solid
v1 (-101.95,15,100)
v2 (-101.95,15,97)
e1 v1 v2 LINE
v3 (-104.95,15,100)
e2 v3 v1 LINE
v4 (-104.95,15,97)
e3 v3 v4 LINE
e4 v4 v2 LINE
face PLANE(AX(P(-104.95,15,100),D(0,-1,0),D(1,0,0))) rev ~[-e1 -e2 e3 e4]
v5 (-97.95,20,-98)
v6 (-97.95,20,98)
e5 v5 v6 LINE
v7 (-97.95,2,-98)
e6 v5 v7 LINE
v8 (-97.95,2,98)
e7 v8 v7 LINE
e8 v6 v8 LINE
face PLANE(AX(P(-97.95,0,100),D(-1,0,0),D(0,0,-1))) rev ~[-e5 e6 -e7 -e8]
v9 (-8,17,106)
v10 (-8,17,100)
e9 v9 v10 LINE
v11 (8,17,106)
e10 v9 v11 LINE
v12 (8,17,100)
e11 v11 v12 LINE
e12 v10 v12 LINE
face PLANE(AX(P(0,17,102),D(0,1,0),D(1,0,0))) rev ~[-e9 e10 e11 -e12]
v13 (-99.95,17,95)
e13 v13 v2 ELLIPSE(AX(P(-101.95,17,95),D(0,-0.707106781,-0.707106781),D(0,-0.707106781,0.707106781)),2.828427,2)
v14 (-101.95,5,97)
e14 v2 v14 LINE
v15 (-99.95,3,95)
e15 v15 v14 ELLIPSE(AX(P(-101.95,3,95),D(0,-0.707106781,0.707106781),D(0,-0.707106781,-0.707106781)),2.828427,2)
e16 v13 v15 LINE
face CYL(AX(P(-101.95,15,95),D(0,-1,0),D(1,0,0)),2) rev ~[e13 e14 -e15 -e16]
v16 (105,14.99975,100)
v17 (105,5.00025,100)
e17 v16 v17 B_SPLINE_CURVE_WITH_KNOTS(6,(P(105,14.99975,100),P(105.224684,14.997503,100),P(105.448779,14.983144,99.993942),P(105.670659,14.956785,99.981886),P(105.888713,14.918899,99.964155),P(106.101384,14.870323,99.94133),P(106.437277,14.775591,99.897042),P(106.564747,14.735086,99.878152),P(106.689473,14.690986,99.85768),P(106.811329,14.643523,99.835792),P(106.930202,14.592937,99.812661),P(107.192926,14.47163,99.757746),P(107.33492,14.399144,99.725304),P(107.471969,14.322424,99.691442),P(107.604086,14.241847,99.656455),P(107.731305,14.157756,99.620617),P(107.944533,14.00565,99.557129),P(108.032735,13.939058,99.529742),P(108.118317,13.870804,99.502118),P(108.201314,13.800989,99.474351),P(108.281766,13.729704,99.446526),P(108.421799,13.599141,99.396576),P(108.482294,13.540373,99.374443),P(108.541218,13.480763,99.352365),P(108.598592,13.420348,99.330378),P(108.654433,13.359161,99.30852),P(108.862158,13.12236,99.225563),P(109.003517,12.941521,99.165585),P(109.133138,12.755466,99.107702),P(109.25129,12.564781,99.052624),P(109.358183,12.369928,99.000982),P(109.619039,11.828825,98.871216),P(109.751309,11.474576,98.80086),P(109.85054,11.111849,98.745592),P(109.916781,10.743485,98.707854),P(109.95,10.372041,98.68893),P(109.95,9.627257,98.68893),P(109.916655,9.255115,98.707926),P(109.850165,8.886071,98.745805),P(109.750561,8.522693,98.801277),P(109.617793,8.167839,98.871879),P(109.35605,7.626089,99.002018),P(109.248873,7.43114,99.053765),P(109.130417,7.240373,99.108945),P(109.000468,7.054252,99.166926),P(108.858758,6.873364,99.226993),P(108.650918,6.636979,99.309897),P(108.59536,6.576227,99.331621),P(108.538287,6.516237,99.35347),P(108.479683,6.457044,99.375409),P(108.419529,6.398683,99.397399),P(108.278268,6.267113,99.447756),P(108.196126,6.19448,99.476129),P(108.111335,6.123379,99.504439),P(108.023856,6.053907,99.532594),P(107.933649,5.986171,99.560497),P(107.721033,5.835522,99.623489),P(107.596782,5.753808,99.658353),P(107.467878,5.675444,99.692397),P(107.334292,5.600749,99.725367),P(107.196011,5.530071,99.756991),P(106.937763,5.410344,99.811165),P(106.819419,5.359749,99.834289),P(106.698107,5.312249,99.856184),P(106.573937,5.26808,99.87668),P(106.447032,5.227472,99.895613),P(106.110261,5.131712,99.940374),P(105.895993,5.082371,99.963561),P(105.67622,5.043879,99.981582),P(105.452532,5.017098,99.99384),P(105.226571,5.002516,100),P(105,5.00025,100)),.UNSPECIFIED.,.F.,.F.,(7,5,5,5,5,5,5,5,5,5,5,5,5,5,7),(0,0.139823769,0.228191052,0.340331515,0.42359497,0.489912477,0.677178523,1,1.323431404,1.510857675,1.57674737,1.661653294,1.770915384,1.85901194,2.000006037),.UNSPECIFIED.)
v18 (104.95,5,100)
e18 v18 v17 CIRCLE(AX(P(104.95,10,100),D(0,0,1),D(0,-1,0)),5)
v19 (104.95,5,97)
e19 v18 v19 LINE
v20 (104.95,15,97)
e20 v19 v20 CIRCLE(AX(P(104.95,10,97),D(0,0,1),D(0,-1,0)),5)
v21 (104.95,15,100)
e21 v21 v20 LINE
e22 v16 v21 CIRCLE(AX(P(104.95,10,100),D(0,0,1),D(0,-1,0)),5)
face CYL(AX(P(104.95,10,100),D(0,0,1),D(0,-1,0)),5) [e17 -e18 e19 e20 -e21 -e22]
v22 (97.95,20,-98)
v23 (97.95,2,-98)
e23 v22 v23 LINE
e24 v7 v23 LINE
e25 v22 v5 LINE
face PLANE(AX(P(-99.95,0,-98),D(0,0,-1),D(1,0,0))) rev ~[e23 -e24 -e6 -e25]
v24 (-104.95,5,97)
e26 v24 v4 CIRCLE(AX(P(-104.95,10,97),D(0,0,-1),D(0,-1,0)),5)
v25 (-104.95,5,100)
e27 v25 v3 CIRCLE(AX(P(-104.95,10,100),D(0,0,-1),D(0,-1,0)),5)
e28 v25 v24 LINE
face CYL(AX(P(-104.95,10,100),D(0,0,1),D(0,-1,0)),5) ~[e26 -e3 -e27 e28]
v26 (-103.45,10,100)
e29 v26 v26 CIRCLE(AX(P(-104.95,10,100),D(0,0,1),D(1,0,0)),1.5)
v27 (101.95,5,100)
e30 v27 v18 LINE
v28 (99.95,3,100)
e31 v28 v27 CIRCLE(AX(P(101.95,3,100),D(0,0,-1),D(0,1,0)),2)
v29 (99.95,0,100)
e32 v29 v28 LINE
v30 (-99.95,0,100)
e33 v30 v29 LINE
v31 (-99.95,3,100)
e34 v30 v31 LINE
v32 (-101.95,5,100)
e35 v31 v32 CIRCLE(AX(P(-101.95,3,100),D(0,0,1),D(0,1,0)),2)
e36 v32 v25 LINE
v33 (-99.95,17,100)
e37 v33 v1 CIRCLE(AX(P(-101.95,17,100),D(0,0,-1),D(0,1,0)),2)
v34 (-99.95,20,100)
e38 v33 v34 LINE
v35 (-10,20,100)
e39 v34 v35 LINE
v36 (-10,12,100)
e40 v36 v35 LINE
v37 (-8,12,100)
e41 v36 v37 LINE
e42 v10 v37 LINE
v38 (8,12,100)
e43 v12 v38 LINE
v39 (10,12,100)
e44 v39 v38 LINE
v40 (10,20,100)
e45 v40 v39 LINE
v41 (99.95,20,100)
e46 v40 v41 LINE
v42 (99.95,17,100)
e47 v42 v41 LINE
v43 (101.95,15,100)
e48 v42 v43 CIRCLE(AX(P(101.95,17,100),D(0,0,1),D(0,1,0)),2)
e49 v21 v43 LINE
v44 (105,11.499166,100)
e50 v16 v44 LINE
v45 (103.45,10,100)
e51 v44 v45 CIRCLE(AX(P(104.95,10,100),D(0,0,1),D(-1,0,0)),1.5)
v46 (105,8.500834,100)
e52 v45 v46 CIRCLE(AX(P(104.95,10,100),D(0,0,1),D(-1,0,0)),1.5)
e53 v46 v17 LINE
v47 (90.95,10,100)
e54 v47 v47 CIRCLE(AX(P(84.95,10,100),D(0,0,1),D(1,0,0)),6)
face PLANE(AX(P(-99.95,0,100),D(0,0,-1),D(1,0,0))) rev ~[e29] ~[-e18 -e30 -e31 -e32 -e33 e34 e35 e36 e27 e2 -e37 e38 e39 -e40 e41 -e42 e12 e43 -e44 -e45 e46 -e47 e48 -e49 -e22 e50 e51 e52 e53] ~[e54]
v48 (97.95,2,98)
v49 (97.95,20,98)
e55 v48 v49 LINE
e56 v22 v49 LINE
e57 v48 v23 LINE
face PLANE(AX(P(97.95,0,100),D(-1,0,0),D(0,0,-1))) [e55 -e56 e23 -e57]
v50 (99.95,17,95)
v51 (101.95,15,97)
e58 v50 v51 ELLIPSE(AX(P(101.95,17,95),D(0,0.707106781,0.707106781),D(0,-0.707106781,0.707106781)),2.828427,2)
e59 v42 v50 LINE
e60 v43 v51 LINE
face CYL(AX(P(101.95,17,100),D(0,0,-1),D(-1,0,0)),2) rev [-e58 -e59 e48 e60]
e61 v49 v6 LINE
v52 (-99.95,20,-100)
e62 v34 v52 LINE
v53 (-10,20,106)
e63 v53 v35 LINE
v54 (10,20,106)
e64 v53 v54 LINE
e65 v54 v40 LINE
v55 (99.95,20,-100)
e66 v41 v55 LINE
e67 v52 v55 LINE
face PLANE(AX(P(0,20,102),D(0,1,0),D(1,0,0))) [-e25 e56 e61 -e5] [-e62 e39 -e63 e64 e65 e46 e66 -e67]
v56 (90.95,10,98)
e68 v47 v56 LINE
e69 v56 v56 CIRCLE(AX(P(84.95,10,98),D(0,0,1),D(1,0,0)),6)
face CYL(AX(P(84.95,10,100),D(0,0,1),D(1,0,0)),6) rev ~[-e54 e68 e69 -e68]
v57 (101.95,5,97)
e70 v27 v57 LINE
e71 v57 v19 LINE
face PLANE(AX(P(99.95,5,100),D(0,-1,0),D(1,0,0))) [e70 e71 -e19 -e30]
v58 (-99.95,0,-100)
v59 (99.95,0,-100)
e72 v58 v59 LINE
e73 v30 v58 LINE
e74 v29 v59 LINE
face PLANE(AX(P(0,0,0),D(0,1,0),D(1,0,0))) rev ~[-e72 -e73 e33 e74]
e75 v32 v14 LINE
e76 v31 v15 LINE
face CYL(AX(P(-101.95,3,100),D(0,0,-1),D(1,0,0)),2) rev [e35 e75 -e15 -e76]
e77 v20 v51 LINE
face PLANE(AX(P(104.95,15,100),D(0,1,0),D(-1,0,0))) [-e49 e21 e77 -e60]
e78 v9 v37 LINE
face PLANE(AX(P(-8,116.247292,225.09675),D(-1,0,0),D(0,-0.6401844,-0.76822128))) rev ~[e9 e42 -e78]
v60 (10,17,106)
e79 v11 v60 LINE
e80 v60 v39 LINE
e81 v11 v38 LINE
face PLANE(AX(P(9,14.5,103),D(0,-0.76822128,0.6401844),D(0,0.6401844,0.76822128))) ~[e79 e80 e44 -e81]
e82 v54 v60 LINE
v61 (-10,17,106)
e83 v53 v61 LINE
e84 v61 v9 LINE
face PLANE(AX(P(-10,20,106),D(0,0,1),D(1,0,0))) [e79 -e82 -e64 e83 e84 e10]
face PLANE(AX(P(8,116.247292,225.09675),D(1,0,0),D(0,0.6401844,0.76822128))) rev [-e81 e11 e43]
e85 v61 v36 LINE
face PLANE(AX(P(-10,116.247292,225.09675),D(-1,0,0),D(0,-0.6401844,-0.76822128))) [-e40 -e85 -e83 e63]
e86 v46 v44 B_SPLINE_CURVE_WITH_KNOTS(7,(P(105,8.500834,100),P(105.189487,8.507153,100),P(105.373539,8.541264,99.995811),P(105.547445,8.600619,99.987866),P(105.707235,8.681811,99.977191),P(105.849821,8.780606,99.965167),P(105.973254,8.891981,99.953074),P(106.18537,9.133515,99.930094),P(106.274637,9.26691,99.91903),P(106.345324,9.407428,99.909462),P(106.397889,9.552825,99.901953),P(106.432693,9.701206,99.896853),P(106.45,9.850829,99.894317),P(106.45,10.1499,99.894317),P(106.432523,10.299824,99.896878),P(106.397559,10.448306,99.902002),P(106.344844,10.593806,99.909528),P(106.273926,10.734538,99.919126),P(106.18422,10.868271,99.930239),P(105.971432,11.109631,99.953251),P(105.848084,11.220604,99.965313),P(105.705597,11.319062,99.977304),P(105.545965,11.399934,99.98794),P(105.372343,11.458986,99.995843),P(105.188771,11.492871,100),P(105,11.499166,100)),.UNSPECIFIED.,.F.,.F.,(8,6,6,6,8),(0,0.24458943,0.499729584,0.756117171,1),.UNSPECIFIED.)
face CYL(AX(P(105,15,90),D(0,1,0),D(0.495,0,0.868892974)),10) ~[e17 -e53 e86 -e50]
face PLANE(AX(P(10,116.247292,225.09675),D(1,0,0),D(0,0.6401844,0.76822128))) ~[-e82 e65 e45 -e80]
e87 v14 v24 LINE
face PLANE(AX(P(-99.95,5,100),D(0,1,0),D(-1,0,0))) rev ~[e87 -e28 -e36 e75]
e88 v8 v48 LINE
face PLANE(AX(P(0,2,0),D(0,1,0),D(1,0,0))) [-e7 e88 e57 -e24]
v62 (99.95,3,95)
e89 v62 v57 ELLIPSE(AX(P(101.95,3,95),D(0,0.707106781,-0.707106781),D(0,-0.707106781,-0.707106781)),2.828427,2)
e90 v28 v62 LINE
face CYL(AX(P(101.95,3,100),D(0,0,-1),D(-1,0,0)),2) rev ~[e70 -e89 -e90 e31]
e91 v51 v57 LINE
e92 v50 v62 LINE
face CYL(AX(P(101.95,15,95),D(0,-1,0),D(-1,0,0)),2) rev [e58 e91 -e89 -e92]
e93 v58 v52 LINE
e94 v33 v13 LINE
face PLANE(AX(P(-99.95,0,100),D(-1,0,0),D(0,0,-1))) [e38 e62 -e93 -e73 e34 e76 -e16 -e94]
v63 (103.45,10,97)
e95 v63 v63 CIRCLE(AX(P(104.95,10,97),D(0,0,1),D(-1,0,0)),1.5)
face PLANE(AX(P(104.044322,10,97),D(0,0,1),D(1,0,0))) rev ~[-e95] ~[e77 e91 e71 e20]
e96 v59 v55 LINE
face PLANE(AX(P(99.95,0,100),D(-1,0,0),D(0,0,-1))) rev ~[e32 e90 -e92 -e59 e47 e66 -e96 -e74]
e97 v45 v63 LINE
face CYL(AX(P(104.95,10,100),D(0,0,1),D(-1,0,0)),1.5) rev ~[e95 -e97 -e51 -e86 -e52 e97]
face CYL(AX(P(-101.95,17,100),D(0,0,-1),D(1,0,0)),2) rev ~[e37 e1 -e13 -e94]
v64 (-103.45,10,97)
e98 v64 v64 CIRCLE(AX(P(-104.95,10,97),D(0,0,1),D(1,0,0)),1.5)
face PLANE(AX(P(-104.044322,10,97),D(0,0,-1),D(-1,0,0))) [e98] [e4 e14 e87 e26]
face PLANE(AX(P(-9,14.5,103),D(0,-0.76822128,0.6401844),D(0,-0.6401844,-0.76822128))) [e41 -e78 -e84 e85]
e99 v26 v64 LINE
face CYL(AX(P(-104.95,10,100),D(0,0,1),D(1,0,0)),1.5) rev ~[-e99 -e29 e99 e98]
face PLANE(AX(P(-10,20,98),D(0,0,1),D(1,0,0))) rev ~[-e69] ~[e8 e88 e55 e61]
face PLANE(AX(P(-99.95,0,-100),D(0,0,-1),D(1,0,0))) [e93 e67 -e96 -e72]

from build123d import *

# Parameters (mm, degrees)
SKETCH1_W           = 199.9
SKETCH1_H           = 200
BOSS_EXTRUDE1_DEPTH = 20
SHELL1_T            = -2
SKETCH2_R           = 6
CUT_EXTRUDE1_DEPTH  = 20
SKETCH3_W           = 20
SKETCH3_H           = 8
BOSS_EXTRUDE2_DEPTH = 3
RIB1_REACH          = 156.029
SKETCH5_WALL_W      = 317.868701922
SKETCH5_WALL_H      = 2
SKETCH6_R           = 1.5
BOSS_EXTRUDE3_DEPTH = 3
CUT_EXTRUDE2_DEPTH  = 154.460100678
FILLET1_R           = 2


with BuildPart() as part:
    # Sketch1 → Boss-Extrude1 (new body)
    with BuildSketch(Plane(origin=(0, 0, 0), x_dir=(1, 0, 0), z_dir=(0, 1, 0))):
        Rectangle(SKETCH1_W, SKETCH1_H)
    extrude(amount=BOSS_EXTRUDE1_DEPTH)

    # Shell1
    shell1_openings = [part.faces().sort_by_distance(p)[0] for p in [
        (0, 20, 0),
    ]]
    offset(amount=SHELL1_T, openings=shell1_openings, kind=Kind.INTERSECTION)

    # Sketch2 → Cut-Extrude1 (cut)
    with BuildSketch(Plane.XY.offset(100)):
        with Locations((84.95, 10)):
            Circle(SKETCH2_R)
    extrude(amount=-CUT_EXTRUDE1_DEPTH, mode=Mode.SUBTRACT)

    # Sketch3 → Boss-Extrude2 (add)
    with BuildSketch(Plane(origin=(0, 20, 0), x_dir=(1, 0, 0), z_dir=(0, 1, 0))):
        with Locations((0, -102)):
            Rectangle(SKETCH3_W, SKETCH3_H)
    extrude(amount=-BOSS_EXTRUDE2_DEPTH)

    # Sketch5 wall → Rib1 (add, up to next)
    with BuildSketch(Plane(origin=(-10, 14.5, 103), x_dir=(0, -0.640184399664, -0.768221279597), z_dir=(0, -0.768221279597, 0.640184399664)), mode=Mode.PRIVATE) as rib1_sk1:
        with Locations((0, 1)):
            Rectangle(SKETCH5_WALL_W, SKETCH5_WALL_H)
    rib1_tool1 = extrude(rib1_sk1.sketch, amount=-RIB1_REACH, mode=Mode.PRIVATE) - part.part
    rib1 = rib1_tool1.solids().sort_by_distance((-10, 14.5, 103))[0]
    add(rib1)

    # Mirror1: Rib1 across plane
    add(rib1.mirror(Plane(origin=(0, 0, 0), x_dir=(0, 0, 1), z_dir=(1, 0, 0))))

    # Sketch6 → Boss-Extrude3 (add)
    # profile 1 of 2: a face of its own
    with BuildSketch(Plane.XY.offset(100)):
        with BuildLine():
            Line((-104.95, 15), (-99.95, 15))
            Line((-99.95, 15), (-99.95, 5))
            Line((-99.95, 5), (-104.95, 5))
            ThreePointArc((-104.95, 5), (-109.95, 10), (-104.95, 15))
        make_face()
        with Locations((-104.95, 10)):
            Circle(SKETCH6_R, mode=Mode.SUBTRACT)
    # profile 2 of 2: a face of its own
    with BuildSketch(Plane.XY.offset(100)):
        with BuildLine():
            Line((104.95, 15), (99.95, 15))
            Line((99.95, 15), (99.95, 5))
            Line((99.95, 5), (104.95, 5))
            ThreePointArc((104.95, 5), (109.95, 10), (104.95, 15))
        make_face()
        with Locations(Location((104.95, 10, 0), (0, 0, 180))):
            Circle(SKETCH6_R, mode=Mode.SUBTRACT)
    extrude(amount=-BOSS_EXTRUDE3_DEPTH)

    # Sketch7 → Cut-Extrude2 (cut, through all)
    with BuildSketch(Plane(origin=(0, 15, 0), x_dir=(1, 0, 0), z_dir=(0, 1, 0))):
        with BuildLine():
            Line((105, -100), (109.95, -100))
            Line((109.95, -100), (109.95, -98.688929738))
            ThreePointArc((109.95, -98.688929738), (107.560342029, -99.666677231), (105, -100))
        make_face()
    extrude(amount=-CUT_EXTRUDE2_DEPTH, mode=Mode.SUBTRACT)

    # Fillet1
    fillet1_edges = [part.edges().sort_by_distance(p)[0] for p in [
        (-99.95, 10, 97),
        (-99.95, 15, 98.5),
        (-99.95, 5, 98.5),
        (99.95, 10, 97),
        (99.95, 5, 98.5),
        (99.95, 15, 98.5),
    ]]
    fillet(fillet1_edges, radius=FILLET1_R)


solid = part.part
